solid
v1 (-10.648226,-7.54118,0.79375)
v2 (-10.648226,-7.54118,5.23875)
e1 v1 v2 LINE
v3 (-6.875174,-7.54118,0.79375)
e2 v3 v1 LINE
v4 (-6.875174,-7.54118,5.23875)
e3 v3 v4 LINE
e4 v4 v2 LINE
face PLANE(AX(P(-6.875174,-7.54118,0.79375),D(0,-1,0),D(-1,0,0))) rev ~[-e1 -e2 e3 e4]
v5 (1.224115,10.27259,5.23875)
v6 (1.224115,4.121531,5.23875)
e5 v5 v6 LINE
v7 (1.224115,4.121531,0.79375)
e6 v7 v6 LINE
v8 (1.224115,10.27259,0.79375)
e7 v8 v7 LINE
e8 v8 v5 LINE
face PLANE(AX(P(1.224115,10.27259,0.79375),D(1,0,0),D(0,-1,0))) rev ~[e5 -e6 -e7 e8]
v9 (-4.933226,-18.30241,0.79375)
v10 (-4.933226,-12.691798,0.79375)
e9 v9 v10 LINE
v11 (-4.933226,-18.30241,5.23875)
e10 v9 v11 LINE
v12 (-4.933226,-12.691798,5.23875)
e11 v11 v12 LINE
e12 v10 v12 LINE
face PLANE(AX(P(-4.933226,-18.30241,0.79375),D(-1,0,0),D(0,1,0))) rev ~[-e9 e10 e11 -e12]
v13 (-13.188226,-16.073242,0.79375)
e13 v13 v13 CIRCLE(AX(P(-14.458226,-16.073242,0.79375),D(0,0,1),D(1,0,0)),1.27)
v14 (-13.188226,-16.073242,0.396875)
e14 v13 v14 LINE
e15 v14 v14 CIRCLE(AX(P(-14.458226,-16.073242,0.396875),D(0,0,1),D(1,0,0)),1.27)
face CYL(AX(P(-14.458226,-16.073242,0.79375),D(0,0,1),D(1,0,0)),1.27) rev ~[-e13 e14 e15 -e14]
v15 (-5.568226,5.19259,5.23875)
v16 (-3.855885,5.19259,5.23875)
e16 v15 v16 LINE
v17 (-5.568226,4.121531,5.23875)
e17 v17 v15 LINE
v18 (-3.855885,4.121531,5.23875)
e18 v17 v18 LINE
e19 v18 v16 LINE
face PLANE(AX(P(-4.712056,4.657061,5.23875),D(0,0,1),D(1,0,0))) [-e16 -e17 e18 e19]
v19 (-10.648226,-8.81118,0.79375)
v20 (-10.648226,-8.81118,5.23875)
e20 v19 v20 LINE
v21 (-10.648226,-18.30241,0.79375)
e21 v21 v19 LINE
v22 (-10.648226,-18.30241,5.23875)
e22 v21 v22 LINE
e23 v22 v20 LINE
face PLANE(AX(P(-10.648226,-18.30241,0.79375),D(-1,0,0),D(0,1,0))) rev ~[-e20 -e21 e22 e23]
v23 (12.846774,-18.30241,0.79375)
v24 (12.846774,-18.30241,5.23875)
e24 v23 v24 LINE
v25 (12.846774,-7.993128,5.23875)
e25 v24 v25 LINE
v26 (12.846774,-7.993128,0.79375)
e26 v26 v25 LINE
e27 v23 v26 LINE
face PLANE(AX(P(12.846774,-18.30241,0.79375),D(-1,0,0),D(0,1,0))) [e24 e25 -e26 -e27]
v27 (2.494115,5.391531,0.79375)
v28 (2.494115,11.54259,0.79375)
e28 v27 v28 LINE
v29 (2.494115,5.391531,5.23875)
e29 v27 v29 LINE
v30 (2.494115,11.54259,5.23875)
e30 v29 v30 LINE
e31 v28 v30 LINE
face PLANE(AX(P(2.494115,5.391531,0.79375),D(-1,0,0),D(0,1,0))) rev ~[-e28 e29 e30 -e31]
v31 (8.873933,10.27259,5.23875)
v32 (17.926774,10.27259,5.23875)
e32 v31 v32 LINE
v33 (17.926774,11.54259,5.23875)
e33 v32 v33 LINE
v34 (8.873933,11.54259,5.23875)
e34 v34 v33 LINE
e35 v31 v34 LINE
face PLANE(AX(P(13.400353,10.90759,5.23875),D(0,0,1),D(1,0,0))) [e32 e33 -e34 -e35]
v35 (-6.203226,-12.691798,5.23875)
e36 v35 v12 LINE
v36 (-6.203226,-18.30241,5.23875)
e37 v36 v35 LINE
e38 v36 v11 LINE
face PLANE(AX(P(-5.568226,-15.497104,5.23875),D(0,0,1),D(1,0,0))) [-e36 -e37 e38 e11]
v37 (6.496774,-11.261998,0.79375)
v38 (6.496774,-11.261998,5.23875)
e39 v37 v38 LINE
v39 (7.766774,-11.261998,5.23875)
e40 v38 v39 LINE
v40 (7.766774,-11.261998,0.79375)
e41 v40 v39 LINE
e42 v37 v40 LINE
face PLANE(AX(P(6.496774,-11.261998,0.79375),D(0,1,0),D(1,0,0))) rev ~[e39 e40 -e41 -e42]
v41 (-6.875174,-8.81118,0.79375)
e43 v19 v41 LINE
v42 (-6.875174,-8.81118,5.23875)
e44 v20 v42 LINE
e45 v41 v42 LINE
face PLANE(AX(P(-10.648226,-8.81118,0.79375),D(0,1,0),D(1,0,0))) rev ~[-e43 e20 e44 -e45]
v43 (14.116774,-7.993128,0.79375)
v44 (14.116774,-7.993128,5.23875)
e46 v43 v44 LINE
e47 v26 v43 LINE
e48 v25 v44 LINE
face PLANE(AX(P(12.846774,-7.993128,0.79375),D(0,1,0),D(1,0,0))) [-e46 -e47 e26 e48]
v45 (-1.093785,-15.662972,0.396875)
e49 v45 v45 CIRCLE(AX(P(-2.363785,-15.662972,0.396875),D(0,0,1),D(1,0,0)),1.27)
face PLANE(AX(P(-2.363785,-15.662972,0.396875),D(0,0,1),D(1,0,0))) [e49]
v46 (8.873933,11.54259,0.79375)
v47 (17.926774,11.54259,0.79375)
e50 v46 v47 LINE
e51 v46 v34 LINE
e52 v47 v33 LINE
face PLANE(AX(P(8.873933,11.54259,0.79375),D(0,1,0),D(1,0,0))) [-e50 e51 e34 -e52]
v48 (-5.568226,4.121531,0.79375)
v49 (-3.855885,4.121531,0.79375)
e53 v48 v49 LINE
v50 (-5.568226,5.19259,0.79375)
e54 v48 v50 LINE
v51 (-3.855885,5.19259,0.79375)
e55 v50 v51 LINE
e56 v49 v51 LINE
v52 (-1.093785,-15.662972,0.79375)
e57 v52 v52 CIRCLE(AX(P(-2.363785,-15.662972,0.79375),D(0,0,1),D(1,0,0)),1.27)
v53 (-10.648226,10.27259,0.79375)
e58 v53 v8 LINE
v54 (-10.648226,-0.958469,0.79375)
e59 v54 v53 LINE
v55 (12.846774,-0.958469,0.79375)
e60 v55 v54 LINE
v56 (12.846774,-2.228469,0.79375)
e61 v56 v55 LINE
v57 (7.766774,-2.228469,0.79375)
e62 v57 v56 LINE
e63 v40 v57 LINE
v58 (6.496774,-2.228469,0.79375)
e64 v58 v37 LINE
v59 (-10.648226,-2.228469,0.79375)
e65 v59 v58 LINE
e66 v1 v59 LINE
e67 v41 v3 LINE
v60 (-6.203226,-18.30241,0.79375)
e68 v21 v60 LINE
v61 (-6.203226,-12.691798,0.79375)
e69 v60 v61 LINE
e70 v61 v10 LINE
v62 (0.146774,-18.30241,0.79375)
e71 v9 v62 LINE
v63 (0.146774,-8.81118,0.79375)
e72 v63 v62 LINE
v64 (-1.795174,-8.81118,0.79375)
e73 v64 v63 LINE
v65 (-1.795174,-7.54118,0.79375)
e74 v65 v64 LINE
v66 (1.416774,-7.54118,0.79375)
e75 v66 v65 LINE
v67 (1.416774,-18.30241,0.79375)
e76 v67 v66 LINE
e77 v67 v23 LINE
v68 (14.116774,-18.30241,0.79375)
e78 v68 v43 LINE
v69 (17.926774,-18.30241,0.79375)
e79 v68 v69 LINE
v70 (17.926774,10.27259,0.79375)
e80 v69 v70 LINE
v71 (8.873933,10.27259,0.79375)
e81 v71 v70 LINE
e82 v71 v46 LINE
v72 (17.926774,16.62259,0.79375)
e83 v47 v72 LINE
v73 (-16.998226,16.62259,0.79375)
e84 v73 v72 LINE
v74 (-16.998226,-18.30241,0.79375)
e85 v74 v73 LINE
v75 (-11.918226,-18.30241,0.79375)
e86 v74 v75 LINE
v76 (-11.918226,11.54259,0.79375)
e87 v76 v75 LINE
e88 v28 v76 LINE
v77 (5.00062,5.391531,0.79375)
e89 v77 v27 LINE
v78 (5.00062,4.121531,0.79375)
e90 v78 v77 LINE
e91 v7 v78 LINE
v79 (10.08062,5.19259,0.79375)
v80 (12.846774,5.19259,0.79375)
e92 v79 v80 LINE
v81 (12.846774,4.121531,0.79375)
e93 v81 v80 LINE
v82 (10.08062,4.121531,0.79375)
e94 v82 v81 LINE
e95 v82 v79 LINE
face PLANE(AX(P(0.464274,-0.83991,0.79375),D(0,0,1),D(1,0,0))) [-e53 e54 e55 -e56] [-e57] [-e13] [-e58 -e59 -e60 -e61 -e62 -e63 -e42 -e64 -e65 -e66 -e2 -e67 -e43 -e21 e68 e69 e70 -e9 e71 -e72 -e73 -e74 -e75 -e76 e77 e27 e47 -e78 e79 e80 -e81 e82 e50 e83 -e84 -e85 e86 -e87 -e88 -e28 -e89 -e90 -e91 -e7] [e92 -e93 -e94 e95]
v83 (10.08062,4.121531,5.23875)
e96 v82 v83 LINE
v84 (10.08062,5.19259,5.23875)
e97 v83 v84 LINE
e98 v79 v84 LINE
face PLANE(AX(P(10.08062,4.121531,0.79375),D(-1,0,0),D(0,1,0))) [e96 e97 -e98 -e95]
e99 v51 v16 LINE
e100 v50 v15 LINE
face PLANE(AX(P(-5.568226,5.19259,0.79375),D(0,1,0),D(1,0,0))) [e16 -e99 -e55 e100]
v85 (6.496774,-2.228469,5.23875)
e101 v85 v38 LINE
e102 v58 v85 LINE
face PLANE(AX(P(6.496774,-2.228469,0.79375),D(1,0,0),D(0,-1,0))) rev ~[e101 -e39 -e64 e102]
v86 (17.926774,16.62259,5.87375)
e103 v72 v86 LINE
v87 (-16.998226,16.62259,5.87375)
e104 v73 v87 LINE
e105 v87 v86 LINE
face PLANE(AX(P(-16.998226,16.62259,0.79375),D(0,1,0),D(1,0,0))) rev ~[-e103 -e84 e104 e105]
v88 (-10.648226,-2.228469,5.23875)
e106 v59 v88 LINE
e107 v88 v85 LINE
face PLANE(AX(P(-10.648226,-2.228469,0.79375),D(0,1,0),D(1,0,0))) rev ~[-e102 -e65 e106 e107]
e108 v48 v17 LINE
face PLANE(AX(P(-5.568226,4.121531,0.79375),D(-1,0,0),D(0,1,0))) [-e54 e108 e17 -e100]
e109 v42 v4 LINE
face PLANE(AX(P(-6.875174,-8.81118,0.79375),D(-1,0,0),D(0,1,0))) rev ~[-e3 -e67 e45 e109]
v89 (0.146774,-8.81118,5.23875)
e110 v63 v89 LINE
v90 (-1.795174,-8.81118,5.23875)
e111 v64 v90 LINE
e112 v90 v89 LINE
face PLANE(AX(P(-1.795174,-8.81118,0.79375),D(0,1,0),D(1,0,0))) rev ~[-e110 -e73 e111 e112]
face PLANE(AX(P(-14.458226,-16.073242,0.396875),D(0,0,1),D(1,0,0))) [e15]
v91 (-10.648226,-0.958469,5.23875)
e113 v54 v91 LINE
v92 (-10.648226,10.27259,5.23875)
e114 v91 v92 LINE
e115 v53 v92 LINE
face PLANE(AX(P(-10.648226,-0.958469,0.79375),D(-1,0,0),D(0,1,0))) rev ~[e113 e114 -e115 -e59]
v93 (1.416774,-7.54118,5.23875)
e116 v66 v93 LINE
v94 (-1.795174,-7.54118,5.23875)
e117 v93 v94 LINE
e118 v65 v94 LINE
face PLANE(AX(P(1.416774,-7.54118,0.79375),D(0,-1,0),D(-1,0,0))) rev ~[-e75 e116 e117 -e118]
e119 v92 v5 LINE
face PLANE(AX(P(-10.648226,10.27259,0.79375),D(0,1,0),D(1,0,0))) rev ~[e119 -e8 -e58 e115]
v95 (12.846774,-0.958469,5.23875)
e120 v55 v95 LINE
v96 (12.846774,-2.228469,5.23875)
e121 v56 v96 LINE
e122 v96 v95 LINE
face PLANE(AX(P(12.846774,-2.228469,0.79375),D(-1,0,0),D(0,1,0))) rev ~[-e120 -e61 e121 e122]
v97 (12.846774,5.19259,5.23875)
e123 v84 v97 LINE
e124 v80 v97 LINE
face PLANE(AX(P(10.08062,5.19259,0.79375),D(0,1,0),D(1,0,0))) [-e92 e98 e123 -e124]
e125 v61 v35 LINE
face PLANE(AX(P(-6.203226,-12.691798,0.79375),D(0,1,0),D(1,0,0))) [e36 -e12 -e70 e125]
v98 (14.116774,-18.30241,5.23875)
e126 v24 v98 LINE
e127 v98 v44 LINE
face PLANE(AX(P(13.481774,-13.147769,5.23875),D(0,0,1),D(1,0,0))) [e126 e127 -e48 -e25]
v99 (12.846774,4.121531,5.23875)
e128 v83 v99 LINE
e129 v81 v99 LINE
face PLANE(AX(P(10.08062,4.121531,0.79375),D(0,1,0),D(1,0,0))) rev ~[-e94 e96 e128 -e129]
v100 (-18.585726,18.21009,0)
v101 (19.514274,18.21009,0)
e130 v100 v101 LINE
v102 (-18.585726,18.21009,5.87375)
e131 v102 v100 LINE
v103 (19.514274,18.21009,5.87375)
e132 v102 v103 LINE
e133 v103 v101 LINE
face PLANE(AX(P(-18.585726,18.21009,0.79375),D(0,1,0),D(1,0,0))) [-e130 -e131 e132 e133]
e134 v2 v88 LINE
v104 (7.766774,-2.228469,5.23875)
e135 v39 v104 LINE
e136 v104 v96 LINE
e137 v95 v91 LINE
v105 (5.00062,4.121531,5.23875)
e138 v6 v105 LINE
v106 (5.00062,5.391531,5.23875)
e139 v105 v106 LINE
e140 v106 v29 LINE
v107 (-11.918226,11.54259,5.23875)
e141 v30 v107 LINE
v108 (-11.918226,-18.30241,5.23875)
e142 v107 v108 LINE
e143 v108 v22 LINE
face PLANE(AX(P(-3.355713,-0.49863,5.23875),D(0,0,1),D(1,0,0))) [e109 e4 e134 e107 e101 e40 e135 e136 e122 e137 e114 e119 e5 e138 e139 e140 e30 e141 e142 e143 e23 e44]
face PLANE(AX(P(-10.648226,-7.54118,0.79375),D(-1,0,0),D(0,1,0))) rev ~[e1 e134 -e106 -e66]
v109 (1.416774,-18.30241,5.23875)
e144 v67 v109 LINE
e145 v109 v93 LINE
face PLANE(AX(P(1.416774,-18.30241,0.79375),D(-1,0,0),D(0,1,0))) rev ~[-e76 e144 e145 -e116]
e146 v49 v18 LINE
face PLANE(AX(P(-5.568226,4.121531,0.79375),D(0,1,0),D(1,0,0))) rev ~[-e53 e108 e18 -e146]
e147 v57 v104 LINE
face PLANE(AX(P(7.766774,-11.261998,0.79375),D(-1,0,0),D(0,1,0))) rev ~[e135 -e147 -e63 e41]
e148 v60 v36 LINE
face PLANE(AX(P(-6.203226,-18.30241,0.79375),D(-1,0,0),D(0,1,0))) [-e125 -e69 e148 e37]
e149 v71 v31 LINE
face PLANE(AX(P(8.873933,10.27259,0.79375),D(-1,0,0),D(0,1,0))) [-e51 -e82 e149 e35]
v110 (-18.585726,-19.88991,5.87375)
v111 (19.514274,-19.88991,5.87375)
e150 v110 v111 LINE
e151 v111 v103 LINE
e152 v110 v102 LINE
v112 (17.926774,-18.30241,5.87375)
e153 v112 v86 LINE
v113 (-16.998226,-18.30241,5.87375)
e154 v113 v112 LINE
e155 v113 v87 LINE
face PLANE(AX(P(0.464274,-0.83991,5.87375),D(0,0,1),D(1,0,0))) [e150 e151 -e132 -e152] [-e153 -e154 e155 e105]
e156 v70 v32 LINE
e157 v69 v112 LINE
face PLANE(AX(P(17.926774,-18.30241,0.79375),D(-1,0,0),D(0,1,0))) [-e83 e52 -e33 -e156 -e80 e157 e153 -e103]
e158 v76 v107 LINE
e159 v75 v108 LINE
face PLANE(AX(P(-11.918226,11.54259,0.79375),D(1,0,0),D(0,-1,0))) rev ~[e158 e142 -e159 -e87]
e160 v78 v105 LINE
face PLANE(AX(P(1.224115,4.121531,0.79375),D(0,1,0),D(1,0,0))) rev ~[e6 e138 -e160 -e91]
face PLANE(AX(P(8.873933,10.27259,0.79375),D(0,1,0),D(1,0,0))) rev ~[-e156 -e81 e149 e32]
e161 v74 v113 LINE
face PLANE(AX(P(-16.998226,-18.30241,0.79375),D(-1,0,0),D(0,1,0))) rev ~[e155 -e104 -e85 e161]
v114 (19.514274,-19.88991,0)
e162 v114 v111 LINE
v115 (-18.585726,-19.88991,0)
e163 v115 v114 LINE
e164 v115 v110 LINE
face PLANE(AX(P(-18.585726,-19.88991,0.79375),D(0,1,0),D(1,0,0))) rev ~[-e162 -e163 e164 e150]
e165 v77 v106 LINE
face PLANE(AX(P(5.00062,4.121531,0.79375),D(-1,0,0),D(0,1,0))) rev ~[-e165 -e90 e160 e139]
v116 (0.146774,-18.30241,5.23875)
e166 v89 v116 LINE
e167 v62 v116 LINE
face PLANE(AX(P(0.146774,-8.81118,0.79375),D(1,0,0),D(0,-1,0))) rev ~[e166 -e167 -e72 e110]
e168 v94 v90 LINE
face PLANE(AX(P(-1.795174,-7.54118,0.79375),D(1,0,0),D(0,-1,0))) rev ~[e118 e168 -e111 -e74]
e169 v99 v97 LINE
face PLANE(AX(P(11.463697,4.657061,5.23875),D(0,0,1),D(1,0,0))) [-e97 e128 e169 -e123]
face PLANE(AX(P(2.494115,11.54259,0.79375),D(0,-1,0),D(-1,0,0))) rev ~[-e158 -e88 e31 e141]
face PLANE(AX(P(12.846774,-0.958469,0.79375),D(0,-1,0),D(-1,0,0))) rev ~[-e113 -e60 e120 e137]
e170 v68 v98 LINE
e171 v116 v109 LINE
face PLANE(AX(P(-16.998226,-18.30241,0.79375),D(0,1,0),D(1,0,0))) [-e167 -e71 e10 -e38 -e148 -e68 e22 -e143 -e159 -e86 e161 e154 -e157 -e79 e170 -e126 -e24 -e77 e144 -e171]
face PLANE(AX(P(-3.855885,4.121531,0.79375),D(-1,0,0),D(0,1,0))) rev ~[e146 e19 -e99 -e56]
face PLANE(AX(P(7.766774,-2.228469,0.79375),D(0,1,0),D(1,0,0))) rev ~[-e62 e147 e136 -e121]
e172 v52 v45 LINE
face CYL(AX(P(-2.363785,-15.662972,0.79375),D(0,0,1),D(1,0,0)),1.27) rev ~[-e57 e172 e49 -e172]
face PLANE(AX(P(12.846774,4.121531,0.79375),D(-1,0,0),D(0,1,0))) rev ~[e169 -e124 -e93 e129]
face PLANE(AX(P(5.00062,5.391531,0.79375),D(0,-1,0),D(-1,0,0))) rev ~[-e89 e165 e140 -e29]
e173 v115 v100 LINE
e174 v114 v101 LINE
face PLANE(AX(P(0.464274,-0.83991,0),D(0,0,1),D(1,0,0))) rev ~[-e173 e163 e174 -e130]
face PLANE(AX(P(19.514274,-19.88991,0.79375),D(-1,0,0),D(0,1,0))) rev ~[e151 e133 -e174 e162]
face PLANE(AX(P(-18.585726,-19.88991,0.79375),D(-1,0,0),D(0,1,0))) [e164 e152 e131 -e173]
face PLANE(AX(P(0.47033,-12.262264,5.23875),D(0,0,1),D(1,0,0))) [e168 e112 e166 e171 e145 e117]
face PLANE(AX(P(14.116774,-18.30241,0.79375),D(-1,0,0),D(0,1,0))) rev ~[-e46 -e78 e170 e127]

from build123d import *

# Parameters (mm, degrees)
F0_W     = 38.1
F0_H     = 38.1
F1_DEPTH = 0.79375
F2_W     = 38.1
F2_H     = 38.1
F2_W_2   = 34.925
F2_H_2   = 34.925
F3_DEPTH = 5.08
F4_W     = 9.0528408943
F4_H     = 1.27
F5_DEPTH = 4.445
F4_W_2   = 1.27
F4_H_2   = 10.3092815826
F4_R     = 1.27
F4_W_3   = 2.7661539333
F4_H_3   = 1.0710589232
F4_H_4   = 5.6106120447
F4_W_4   = 1.712341144
F6_DEPTH = 4.445
F7_DEPTH = 4.445
F8_DEPTH = 0.396875


with BuildPart() as f1:
    # F0 (on Top) → F1 (new body)
    with BuildSketch(Plane.XY):
        with Locations((0.4642736167, -0.8399097333)):
            Rectangle(F0_W, F0_H)
    extrude(amount=F1_DEPTH)

    # F2 (on face) → F3 (join)
    with BuildSketch(Plane.XY.offset(0.79375)):
        with Locations((0.4642736167, -0.8399097333)):
            Rectangle(F2_W, F2_H)
        with Locations((0.4642736167, -0.8399097333)):
            Rectangle(F2_W_2, F2_H_2, mode=Mode.SUBTRACT)
    extrude(amount=F3_DEPTH)

    # F4 (on face) → F5 (join)
    with BuildSketch(Plane.XY.offset(0.79375)):
        Polygon((-11.9182263833, 11.5425902667), (-11.9182263833, -18.3024097333), (-10.6482263833, -18.3024097333), (-10.6482263833, -8.8111795485), (-6.8751736544, -8.8111795485), (-6.8751736544, -7.5411795485), (-10.6482263833, -7.5411795485), (-10.6482263833, -2.2284686565), (6.4967736167, -2.2284686565), (6.4967736167, -11.2619977444), (7.7667736167, -11.2619977444), (7.7667736167, -2.2284686565), (12.8467736167, -2.2284686565), (12.8467736167, -0.9584686565), (-10.6482263833, -0.9584686565), (-10.6482263833, 10.2725902667), (1.2241147607, 10.2725902667), (1.2241147607, 4.1215313435), (2.4941147607, 4.1215313435), (5.0006196834, 4.1215313435), (5.0006196834, 5.3915313435), (2.4941147607, 5.3915313435), (2.4941147607, 10.2725902667), (2.4941147607, 11.5425902667), (-10.6482263833, 11.5425902667), align=None)
        with Locations((13.4003531695, 10.9075902667)):
            Rectangle(F4_W, F4_H)
    extrude(amount=F5_DEPTH)

    # F4 (on face) → F6 (join)
    with BuildSketch(Plane.XY.offset(0.79375)):
        Polygon((-11.9182263833, 11.5425902667), (-11.9182263833, -18.3024097333), (-10.6482263833, -18.3024097333), (-10.6482263833, -8.8111795485), (-6.8751736544, -8.8111795485), (-6.8751736544, -7.5411795485), (-10.6482263833, -7.5411795485), (-10.6482263833, -2.2284686565), (6.4967736167, -2.2284686565), (6.4967736167, -11.2619977444), (7.7667736167, -11.2619977444), (7.7667736167, -2.2284686565), (12.8467736167, -2.2284686565), (12.8467736167, -0.9584686565), (-10.6482263833, -0.9584686565), (-10.6482263833, 10.2725902667), (1.2241147607, 10.2725902667), (1.2241147607, 4.1215313435), (2.4941147607, 4.1215313435), (5.0006196834, 4.1215313435), (5.0006196834, 5.3915313435), (2.4941147607, 5.3915313435), (2.4941147607, 10.2725902667), (2.4941147607, 11.5425902667), (-10.6482263833, 11.5425902667), align=None)
        with Locations((13.4003531695, 10.9075902667)):
            Rectangle(F4_W, F4_H)
        with Locations((13.4817736167, -13.147768942)):
            Rectangle(F4_W_2, F4_H_2)
        with Locations((-14.4582263833, -16.0732418299)):
            Circle(F4_R)
        with Locations((11.46369665, 4.6570608051)):
            Rectangle(F4_W_3, F4_H_3)
        with Locations((-5.5682263833, -15.497103711)):
            Rectangle(F4_W_2, F4_H_4)
        Polygon((0.1467736167, -18.3024097333), (1.4167736167, -18.3024097333), (1.4167736167, -7.5411795485), (0.1467736167, -7.5411795485), (-1.7951736544, -7.5411795485), (-1.7951736544, -8.8111795485), (0.1467736167, -8.8111795485), align=None)
        with Locations((-4.7120558113, 4.6570608051)):
            Rectangle(F4_W_4, F4_H_3)
        with Locations((-2.3637847044, -15.662971884)):
            Circle(F4_R)
    extrude(amount=F6_DEPTH)

    # F7 (cut): faces of the model
    f7_faces = [f1.faces().sort_by_distance(p)[0] for p in [
        (-14.4582263833, -16.0732418299, 5.23875),
        (-2.3637847044, -15.662971884, 5.23875),
    ]]
    extrude(f7_faces, amount=-F7_DEPTH, mode=Mode.SUBTRACT)

    # F4 (on face) → F8 (cut)
    with BuildSketch(Plane.XY.offset(0.79375)):
        with Locations((-14.4582263833, -16.0732418299)):
            Circle(F4_R)
        with Locations((-2.3637847044, -15.662971884)):
            Circle(F4_R)
    extrude(amount=-F8_DEPTH, mode=Mode.SUBTRACT)


solid = f1.part
